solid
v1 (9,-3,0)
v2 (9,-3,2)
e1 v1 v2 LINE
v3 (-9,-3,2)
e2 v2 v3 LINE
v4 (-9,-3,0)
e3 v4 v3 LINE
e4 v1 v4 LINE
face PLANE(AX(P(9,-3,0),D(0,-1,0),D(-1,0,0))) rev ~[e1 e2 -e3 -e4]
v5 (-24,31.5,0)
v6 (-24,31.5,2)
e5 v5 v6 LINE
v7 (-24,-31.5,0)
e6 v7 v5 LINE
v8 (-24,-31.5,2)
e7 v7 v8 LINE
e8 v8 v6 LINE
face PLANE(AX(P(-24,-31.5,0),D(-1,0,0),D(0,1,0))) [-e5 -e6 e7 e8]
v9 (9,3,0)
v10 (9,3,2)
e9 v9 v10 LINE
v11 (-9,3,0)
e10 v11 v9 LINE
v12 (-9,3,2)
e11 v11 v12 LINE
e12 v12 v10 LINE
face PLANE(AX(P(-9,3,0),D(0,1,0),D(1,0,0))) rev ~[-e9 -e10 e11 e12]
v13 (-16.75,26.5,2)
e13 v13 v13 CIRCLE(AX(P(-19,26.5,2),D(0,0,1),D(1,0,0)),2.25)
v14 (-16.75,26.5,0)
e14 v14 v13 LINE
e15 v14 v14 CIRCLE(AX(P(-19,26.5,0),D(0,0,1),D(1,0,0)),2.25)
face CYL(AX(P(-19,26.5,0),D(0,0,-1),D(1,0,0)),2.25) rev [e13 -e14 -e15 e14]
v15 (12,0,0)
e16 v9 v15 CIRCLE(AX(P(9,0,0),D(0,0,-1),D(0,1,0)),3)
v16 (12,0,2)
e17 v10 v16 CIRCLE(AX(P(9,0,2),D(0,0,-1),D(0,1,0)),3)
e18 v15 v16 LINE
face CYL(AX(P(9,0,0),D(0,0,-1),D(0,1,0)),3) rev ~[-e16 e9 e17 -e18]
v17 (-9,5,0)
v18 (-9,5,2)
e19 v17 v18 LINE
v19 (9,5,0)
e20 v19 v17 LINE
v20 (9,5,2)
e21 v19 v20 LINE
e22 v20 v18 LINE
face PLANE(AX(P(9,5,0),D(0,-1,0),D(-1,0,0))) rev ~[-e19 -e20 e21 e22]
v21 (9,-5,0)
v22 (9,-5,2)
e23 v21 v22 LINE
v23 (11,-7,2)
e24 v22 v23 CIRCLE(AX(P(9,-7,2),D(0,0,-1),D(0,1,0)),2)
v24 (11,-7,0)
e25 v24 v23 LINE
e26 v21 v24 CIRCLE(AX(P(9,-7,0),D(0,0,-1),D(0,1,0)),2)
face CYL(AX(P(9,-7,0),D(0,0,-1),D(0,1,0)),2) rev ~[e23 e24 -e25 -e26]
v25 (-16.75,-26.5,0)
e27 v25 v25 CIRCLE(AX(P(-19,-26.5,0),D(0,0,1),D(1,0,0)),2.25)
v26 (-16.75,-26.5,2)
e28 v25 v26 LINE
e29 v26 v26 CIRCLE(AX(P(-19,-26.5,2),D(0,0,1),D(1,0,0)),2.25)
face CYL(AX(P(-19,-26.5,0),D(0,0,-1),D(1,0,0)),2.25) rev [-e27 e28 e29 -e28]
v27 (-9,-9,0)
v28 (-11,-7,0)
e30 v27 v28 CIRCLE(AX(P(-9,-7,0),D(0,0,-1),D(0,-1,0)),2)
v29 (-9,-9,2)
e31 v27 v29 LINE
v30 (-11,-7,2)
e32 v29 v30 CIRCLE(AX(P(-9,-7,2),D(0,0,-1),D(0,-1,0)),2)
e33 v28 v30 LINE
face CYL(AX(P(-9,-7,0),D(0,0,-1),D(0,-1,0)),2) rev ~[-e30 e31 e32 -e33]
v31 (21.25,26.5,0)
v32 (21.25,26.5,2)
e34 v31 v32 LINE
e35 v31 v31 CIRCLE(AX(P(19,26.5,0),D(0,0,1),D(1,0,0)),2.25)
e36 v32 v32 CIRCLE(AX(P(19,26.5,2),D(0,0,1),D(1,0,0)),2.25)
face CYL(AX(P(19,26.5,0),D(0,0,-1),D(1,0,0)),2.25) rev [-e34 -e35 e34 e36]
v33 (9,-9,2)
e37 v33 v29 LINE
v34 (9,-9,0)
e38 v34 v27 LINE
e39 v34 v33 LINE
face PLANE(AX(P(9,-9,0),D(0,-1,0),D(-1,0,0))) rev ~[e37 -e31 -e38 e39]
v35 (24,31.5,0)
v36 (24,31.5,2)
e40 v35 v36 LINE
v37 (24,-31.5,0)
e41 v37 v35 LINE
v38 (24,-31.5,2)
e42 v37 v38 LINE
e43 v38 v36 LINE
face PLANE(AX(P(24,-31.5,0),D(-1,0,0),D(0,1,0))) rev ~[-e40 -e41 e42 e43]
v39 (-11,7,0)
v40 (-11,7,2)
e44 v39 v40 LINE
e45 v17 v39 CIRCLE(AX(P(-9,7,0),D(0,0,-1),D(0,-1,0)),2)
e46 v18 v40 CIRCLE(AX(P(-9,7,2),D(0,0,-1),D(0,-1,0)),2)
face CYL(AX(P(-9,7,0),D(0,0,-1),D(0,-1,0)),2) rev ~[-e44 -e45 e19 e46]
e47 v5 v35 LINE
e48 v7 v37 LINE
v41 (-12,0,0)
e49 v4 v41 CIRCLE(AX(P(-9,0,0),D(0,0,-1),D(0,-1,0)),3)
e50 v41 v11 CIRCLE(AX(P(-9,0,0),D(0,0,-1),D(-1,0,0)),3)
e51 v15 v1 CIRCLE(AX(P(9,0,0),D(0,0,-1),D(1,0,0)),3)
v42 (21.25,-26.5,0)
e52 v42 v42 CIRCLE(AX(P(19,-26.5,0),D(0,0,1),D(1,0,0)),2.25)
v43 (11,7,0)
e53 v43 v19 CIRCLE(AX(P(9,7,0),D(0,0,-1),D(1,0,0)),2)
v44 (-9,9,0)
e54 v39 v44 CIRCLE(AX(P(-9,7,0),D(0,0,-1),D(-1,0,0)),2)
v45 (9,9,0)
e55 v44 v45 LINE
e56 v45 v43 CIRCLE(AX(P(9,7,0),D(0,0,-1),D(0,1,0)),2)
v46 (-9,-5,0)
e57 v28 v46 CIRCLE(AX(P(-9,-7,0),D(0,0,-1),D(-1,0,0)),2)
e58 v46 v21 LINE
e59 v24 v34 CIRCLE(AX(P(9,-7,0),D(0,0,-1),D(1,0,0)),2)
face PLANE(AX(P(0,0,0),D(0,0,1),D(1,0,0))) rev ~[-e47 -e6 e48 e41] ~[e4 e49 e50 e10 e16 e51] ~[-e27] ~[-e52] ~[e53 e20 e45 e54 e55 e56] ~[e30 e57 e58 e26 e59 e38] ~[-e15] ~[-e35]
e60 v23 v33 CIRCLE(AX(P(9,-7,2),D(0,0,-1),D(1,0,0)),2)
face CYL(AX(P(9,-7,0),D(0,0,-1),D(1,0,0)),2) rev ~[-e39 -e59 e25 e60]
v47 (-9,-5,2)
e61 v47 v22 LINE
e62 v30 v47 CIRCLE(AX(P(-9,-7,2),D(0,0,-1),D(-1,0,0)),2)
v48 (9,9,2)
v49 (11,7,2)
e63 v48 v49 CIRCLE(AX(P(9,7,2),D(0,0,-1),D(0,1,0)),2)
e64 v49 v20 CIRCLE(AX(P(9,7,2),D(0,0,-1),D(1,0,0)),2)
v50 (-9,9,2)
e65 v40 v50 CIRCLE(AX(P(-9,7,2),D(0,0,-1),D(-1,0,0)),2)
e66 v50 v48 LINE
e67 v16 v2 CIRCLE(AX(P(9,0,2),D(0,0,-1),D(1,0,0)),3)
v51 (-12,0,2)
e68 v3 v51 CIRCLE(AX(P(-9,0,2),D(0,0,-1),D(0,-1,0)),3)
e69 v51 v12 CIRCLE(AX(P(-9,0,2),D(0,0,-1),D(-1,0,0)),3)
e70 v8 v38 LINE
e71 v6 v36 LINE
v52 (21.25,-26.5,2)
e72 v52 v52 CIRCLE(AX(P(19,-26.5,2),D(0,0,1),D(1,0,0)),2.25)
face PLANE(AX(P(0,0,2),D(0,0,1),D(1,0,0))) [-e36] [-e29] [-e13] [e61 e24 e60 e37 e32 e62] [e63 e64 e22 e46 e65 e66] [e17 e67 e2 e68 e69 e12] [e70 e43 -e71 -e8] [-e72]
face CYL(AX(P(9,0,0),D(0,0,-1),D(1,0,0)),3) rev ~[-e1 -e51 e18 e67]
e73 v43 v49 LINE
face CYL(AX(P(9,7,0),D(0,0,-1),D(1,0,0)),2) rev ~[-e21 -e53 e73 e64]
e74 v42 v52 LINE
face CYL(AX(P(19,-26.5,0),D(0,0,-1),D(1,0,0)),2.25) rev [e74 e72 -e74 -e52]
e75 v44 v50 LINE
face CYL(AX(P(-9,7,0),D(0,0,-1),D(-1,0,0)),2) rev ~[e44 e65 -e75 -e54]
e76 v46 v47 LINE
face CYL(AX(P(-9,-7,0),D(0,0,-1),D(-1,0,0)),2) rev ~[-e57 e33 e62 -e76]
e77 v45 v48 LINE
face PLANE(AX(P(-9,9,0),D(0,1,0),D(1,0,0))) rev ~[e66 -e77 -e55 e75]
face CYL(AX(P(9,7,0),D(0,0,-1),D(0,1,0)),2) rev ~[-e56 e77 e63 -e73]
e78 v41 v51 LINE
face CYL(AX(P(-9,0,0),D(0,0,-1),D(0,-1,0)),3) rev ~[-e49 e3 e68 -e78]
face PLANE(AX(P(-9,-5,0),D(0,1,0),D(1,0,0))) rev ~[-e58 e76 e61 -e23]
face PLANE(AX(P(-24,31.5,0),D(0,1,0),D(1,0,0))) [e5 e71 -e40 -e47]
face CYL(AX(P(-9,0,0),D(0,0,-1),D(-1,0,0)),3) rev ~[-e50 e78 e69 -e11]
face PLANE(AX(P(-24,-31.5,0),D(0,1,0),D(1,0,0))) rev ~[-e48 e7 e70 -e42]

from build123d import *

# Parameters (mm, degrees)
F0_W     = 48
F0_H     = 63
F0_R     = 2.25
F1_DEPTH = 2


with BuildPart() as f1:
    # F0 (on Top) → F1 (new body)
    with BuildSketch(Plane.XY):
        Rectangle(F0_W, F0_H)
        with Locations((-19, -26.5)):
            Circle(F0_R, mode=Mode.SUBTRACT)
        with Locations((19, -26.5)):
            Circle(F0_R, mode=Mode.SUBTRACT)
        with BuildLine():
            Line((9, -9), (-9, -9))
            ThreePointArc((-9, -9), (-10.4142135624, -8.4142135624), (-11, -7))
            ThreePointArc((-11, -7), (-10.4142135624, -5.5857864376), (-9, -5))
            Line((-9, -5), (9, -5))
            ThreePointArc((9, -5), (10.4142135624, -5.5857864376), (11, -7))
            ThreePointArc((11, -7), (10.4142135624, -8.4142135624), (9, -9))
        make_face(mode=Mode.SUBTRACT)
        with Locations((-19, 26.5)):
            Circle(F0_R, mode=Mode.SUBTRACT)
        with BuildLine():
            ThreePointArc((-12, 0), (-11.1213203436, 2.1213203436), (-9, 3))
            Line((-9, 3), (9, 3))
            ThreePointArc((9, 3), (11.1213203436, 2.1213203436), (12, 0))
            ThreePointArc((12, 0), (11.1213203436, -2.1213203436), (9, -3))
            Line((9, -3), (-9, -3))
            ThreePointArc((-9, -3), (-11.1213203436, -2.1213203436), (-12, 0))
        make_face(mode=Mode.SUBTRACT)
        with BuildLine():
            ThreePointArc((-11, 7), (-10.4142135624, 8.4142135624), (-9, 9))
            Line((-9, 9), (9, 9))
            ThreePointArc((9, 9), (10.4142135624, 8.4142135624), (11, 7))
            ThreePointArc((11, 7), (10.4142135624, 5.5857864376), (9, 5))
            Line((9, 5), (-9, 5))
            ThreePointArc((-9, 5), (-10.4142135624, 5.5857864376), (-11, 7))
        make_face(mode=Mode.SUBTRACT)
        with Locations((19, 26.5)):
            Circle(F0_R, mode=Mode.SUBTRACT)
    extrude(amount=F1_DEPTH)


solid = f1.part
